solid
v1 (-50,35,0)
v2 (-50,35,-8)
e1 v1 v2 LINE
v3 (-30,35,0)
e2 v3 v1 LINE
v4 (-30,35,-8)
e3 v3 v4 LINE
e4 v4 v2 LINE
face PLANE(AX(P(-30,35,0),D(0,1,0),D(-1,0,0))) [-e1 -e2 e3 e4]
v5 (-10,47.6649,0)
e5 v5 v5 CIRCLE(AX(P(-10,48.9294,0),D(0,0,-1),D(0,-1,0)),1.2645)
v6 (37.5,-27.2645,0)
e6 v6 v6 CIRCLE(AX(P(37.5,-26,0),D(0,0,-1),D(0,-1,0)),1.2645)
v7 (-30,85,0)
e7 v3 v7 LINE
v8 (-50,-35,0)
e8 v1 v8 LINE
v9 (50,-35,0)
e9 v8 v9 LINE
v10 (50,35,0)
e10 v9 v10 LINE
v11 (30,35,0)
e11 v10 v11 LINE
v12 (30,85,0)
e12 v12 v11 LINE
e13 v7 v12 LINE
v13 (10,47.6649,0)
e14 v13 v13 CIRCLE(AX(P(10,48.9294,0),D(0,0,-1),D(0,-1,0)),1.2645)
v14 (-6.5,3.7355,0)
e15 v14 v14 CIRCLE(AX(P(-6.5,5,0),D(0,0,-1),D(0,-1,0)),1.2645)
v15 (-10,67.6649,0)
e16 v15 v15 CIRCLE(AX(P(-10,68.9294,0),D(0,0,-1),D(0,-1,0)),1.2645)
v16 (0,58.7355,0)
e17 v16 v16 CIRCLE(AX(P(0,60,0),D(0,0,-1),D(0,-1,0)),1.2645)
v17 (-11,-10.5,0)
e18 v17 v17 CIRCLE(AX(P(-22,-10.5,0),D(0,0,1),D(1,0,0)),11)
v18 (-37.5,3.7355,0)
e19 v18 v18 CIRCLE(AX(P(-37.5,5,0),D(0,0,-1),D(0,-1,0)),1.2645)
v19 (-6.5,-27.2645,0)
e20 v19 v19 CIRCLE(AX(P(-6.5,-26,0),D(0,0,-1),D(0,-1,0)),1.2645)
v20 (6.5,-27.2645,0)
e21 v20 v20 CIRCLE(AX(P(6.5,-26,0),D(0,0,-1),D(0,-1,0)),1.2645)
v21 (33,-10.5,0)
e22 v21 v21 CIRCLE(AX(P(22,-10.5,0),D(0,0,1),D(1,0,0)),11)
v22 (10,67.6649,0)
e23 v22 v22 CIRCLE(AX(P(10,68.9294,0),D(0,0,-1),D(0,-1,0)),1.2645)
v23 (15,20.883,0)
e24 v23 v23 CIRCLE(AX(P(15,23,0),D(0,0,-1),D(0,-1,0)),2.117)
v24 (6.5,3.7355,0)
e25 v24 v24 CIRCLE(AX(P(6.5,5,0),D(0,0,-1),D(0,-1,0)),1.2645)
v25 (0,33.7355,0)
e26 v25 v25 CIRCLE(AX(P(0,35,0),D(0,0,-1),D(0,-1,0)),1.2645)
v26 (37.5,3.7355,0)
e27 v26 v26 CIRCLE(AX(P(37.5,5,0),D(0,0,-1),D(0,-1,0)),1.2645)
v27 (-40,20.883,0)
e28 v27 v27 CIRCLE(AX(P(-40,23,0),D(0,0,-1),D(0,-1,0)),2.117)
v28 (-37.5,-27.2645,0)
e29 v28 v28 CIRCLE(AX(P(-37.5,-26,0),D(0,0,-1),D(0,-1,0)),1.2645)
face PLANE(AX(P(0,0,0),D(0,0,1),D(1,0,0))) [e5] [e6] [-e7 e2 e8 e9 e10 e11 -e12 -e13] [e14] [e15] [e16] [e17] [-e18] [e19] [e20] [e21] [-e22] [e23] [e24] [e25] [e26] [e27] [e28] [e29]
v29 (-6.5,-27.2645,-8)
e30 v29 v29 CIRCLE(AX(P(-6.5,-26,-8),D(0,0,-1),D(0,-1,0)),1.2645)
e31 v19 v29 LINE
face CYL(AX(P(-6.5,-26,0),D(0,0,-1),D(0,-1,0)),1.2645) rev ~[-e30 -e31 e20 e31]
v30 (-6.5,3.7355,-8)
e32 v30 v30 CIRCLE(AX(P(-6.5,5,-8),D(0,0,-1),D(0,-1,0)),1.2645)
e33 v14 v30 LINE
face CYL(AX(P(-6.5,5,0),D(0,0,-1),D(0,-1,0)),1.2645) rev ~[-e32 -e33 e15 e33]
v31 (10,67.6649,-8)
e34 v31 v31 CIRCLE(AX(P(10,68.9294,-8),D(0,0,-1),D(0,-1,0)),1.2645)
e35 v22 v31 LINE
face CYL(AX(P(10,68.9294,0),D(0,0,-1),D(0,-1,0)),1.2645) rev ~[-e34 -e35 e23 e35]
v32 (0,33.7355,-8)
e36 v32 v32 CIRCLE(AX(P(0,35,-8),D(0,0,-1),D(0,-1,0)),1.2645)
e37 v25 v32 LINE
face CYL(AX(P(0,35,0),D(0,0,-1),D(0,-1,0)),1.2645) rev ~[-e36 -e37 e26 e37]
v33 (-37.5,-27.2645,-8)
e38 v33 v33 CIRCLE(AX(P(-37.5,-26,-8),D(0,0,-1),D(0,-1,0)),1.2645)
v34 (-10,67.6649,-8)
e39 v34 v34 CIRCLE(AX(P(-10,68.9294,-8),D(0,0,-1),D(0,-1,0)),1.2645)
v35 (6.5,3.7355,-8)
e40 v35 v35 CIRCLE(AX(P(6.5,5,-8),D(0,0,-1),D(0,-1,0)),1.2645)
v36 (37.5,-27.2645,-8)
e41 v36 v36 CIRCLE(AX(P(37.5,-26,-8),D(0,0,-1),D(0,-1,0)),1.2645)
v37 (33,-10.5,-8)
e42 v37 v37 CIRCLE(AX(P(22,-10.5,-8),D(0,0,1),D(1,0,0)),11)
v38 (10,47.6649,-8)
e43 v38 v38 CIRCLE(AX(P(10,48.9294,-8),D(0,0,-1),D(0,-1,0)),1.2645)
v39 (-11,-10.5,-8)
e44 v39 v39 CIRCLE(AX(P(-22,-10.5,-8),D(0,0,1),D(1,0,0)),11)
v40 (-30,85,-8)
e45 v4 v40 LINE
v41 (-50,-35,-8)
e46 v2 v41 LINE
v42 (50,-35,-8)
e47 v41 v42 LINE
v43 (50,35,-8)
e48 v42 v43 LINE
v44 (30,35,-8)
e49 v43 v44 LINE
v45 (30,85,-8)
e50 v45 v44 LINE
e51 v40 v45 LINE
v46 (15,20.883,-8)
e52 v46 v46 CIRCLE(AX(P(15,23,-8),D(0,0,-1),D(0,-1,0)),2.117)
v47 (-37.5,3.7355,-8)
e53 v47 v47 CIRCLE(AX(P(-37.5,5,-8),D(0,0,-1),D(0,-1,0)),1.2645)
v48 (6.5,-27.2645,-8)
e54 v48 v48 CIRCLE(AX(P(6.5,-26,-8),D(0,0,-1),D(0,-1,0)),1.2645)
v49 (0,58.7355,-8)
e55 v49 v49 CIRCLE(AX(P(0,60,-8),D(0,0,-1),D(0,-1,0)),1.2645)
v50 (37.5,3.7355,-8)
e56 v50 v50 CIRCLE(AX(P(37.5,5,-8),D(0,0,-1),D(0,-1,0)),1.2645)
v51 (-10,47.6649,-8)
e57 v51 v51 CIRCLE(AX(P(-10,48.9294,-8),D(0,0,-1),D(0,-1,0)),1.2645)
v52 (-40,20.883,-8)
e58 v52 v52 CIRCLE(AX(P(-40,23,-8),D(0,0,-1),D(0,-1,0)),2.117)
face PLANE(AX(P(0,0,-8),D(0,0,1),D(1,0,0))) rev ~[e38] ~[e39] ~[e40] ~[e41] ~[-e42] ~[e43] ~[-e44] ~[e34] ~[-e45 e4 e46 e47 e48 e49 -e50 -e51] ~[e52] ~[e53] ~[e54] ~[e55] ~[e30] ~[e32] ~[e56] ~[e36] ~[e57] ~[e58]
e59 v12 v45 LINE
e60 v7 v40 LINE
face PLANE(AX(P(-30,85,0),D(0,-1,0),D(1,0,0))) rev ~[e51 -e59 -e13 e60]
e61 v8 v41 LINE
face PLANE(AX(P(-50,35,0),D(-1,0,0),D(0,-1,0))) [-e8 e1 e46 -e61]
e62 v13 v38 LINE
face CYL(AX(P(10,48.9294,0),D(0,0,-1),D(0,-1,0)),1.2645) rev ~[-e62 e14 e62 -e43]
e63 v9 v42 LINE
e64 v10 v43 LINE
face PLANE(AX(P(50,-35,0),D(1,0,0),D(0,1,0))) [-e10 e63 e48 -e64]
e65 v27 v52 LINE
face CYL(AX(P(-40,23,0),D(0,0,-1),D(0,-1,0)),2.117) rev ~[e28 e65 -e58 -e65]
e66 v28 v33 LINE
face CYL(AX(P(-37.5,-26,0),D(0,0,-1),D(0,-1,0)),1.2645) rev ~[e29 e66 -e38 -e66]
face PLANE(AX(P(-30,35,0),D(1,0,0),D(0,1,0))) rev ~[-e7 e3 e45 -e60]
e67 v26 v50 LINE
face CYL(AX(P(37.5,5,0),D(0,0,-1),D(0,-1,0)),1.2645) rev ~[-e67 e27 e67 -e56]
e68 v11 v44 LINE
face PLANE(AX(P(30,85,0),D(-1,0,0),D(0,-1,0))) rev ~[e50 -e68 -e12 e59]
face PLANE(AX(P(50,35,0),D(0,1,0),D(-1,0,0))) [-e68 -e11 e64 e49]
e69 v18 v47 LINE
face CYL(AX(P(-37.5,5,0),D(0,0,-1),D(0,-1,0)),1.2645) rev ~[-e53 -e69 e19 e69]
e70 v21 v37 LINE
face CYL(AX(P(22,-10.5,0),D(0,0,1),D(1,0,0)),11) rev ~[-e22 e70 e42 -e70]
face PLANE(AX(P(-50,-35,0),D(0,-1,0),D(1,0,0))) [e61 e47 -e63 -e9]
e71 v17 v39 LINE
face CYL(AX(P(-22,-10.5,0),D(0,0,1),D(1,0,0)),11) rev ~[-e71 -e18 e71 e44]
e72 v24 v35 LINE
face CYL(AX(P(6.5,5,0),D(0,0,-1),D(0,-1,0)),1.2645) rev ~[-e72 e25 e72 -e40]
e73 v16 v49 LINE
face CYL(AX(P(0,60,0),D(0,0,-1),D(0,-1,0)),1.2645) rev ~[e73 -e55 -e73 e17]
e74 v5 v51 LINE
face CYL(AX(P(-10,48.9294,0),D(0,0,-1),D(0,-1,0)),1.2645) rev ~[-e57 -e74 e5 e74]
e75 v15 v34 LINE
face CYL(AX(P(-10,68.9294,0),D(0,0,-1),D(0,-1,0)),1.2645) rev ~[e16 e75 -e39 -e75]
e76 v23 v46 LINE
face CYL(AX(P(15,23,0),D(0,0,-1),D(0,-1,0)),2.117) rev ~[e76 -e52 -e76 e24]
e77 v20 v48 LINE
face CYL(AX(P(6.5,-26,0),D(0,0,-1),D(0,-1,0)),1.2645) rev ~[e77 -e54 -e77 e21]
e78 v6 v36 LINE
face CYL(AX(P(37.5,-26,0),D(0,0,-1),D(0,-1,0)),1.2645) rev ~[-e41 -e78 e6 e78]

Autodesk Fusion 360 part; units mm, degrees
sketch "Sketch1" plane through (0, 0, 0) normal (0, 0, 1) x (1, 0, 0)
  line L0 (50, 35) -> (-50, 35)
  line L1 (-50, 35) -> (-50, -35)
  line L2 (-50, -35) -> (50, -35)
  line L3 (50, -35) -> (50, 35)
  line L4 (50, 35) -> (-50, -35) construction
  line L5 (-50, 35) -> (50, -35) construction
  line L6 (-30, 35) -> (-30, 85)
  line L7 (-30, 85) -> (30, 85)
  line L8 (30, 85) -> (30, 35)
  circle A0 centre (-22, -10.5) radius 11
  circle A1 centre (22, -10.5) radius 11
  point P0 (-37.5, -26)
  point P1 (-6.5, -26)
  point P2 (-37.5, 5)
  point P3 (-6.5, 5)
  point P4 (6.5, -26)
  point P5 (37.5, -26)
  point P6 (6.5, 5)
  point P7 (37.5, 5)
  point P8 (-40, 23)
  point P9 (15, 23)
  point P10 (10, 48.9294)
  point P11 (10, 68.9294)
  point P12 (-10, 68.9294)
  point P13 (-10, 48.9294)
  point P14 (0, 35)
  point P15 (0, 60)
  dimension "d1" = 100
  dimension "d2" = 70
  dimension "d3" = 9
  dimension "d6" = 31
  dimension "d7" = 31
  dimension "d8" = 12.5
  dimension "d10" = 31
  dimension "d13" = 12.5
  dimension "d15" = 12
  dimension "d16" = 10
  dimension "d17" = 55
  dimension "d18" = 50
  dimension "d19" = 60
  dimension "d20" = 20
  dimension "d21" = 20
  dimension "d22" = 20
  dimension "d23" = 20
  dimension "d37" = 22
  dimension "d38" = 15.5
  dimension "d39" = 15.5
  dimension "d40" = 22
  dimension "d41" = 15.5
  dimension "d42" = 21.9203
  dimension "d45" = 25
extrude "Extrude1" add sketch "Sketch1" against normal blind 8 contours L0 L1 L2 L3 | L0 L6 L7 L8 | A0 | A1
hole "Hole1" at (-37.5, 5, 0) at (-37.5, -26, 0) at (-6.5, -26, 0) at (6.5, -26, 0) at (-6.5, 5, 0) at (6.5, 5, 0) at (37.5, 5, 0) at (37.5, -26, 0) at (-10, 48.9294, 0) at (-10, 68.9294, 0) at (0, 60, 0) at (10, 68.9294, 0) at (0, 35, 0) at (10, 48.9294, 0) direction (0, 0, -1) diameter 2.529 depth 40 tip angle 118
hole "Hole2" at (15, 23, 0) at (-40, 23, 0) direction (0, 0, -1) diameter 4.234 depth 20 tip angle 118
extrude "Extrude2" cut sketch "Sketch1" against normal blind 20 contours A0 | A1
equation "d38 = ( 31 / 2 ) * 1 mm"
equation "d39 = ( 31 / 2 ) * 1 mm"
equation "d41 = ( 31 / 2 ) * 1 mm"
equation "d42 = ( 31 / 2 * sqrt(2) ) * 1 mm"
